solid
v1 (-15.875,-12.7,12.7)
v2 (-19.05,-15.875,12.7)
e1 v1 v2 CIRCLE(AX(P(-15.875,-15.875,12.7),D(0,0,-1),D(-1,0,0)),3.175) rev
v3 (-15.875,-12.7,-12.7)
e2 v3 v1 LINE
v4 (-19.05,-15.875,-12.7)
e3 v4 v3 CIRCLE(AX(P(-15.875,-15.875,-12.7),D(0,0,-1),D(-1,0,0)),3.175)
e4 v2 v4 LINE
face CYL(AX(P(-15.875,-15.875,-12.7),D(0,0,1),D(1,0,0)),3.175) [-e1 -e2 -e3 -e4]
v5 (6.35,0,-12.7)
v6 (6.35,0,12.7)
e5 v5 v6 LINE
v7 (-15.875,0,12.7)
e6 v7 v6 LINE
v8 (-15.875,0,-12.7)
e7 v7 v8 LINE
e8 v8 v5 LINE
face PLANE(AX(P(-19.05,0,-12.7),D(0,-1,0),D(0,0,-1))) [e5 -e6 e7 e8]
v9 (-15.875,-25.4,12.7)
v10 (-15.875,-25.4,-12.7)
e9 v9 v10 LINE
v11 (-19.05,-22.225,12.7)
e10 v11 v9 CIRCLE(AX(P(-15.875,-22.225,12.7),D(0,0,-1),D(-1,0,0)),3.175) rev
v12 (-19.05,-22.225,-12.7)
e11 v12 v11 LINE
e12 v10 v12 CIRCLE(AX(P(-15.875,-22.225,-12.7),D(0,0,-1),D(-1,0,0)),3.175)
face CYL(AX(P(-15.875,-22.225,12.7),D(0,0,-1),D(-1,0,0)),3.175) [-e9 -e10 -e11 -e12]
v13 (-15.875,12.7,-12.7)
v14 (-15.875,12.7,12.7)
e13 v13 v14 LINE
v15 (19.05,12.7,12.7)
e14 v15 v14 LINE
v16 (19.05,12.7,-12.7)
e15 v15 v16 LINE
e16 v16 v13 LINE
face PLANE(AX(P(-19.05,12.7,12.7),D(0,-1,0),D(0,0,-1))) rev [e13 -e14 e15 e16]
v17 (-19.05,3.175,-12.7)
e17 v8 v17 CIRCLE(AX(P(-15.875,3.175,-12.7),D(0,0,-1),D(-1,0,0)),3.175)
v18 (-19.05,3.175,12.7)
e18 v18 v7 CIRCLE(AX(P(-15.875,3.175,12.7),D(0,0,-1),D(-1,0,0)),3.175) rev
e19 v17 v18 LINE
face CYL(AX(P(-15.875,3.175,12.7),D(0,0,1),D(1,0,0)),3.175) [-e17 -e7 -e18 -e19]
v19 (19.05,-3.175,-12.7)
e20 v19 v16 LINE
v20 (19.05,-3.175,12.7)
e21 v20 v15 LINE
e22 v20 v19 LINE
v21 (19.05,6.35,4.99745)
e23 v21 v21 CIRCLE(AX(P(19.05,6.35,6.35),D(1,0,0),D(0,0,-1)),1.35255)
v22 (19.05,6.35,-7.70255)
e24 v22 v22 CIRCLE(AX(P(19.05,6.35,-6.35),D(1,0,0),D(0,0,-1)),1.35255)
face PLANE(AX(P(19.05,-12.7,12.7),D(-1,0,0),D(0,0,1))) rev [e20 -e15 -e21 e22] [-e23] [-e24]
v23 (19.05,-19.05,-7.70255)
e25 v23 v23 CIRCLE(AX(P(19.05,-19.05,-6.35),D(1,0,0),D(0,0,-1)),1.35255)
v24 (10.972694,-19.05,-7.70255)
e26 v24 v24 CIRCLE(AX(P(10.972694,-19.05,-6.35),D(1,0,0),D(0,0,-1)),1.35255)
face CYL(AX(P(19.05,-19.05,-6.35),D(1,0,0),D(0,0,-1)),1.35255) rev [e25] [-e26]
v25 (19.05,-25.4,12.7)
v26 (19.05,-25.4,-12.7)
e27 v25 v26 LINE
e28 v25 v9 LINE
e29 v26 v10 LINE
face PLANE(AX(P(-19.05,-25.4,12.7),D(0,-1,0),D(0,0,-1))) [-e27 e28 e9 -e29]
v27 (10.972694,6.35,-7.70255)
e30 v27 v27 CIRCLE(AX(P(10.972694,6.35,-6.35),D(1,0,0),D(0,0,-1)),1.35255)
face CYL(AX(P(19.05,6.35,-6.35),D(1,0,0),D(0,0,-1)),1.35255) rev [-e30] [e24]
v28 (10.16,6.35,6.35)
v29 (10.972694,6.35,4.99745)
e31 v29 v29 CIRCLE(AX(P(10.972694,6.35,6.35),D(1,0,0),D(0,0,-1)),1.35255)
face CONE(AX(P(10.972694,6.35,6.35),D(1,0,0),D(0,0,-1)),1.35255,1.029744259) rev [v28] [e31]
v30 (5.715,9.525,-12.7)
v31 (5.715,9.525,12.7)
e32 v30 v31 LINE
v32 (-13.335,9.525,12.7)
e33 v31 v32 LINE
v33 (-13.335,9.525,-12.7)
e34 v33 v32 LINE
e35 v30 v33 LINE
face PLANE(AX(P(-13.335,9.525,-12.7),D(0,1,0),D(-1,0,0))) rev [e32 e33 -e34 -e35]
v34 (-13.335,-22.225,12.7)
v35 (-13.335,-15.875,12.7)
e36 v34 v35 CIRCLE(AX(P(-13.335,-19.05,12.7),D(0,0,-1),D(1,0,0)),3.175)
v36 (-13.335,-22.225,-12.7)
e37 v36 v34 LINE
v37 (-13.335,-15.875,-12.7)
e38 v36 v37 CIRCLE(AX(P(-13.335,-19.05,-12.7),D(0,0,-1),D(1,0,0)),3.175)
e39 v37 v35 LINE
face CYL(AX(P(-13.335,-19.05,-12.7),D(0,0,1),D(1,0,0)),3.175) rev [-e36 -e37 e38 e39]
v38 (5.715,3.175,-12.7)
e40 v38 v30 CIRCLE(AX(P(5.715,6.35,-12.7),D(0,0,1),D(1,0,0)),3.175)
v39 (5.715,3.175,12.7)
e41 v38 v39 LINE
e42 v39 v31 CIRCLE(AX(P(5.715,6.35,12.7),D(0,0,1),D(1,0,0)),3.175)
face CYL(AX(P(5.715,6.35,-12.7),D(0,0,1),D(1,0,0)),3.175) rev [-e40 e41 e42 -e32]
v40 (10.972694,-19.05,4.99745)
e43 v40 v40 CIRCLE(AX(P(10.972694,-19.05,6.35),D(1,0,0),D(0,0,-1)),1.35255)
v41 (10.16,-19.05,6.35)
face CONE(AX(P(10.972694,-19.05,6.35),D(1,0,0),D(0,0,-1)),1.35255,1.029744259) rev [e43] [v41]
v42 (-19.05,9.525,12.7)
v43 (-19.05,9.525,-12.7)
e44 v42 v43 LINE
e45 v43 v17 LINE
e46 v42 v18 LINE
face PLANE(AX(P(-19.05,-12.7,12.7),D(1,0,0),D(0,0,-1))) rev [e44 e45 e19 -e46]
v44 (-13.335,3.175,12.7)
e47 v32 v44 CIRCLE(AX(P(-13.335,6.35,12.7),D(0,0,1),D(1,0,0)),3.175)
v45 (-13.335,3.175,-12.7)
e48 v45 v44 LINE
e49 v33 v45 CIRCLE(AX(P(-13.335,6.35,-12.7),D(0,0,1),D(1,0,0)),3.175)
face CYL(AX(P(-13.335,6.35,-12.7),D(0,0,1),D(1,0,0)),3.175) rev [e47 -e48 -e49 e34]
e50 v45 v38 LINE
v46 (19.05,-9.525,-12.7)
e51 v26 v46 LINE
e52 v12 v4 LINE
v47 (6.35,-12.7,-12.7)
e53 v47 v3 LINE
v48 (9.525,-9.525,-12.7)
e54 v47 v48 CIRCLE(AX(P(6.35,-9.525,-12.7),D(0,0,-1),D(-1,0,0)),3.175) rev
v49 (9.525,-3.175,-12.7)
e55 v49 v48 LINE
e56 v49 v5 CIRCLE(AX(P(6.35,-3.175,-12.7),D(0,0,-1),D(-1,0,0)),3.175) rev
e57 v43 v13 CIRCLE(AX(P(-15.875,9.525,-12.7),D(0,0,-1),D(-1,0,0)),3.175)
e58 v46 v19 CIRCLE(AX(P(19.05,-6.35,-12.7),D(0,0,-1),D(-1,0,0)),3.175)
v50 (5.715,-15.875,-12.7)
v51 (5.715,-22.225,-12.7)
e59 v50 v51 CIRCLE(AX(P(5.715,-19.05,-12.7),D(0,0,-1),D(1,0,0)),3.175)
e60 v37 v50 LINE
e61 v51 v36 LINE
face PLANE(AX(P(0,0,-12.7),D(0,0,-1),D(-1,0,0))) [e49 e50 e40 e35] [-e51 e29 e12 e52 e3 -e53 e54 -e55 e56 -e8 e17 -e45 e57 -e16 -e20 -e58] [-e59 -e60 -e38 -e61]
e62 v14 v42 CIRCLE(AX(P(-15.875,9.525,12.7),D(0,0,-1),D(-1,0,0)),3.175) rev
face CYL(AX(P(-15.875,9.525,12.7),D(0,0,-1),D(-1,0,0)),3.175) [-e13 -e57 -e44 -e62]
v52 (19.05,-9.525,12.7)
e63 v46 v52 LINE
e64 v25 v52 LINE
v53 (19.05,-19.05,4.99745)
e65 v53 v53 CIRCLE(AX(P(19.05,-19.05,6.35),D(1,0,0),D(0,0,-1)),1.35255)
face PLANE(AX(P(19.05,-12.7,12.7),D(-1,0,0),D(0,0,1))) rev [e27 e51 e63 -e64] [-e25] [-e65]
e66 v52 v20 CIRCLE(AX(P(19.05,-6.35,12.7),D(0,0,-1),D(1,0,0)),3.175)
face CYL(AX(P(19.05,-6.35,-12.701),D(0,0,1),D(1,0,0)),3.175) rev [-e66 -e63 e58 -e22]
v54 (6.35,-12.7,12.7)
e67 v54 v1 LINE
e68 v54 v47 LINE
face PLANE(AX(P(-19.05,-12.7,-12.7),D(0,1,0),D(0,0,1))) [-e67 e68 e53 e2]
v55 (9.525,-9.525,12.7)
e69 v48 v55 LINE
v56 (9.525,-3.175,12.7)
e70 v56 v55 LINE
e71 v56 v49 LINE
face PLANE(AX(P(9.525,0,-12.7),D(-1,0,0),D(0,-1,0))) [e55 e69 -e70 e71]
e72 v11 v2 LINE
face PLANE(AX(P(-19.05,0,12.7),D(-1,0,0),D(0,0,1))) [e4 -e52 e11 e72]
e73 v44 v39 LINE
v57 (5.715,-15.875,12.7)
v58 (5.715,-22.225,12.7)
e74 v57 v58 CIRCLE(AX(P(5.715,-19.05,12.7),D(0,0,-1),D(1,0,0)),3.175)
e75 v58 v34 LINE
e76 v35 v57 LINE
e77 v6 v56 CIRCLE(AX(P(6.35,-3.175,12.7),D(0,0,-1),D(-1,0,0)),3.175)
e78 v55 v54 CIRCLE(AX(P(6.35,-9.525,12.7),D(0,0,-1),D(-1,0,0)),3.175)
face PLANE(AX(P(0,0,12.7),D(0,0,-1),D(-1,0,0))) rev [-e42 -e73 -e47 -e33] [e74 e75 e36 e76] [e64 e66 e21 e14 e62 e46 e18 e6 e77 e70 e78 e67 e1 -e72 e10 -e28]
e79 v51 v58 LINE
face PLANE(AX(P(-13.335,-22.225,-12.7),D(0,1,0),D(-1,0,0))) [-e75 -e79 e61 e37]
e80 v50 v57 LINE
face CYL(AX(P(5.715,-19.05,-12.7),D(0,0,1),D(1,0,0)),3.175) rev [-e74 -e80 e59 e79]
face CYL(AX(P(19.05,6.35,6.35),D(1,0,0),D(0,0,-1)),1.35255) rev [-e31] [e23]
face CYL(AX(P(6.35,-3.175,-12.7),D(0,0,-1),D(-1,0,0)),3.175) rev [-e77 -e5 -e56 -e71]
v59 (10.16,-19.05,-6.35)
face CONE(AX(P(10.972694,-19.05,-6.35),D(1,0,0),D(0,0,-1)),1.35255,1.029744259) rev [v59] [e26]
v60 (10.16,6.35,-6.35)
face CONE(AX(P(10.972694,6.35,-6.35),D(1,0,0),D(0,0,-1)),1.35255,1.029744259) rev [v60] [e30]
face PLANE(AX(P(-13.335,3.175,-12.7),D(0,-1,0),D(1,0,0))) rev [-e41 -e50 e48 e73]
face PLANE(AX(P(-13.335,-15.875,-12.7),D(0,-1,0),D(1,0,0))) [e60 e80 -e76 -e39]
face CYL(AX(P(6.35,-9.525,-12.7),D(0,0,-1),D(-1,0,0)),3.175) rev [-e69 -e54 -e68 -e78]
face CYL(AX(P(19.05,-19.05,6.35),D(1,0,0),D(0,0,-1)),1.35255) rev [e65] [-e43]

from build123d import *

# Parameters (mm, degrees)
SKETCH1_W                      = 38.1
SKETCH1_H                      = 25.4
BOSS_EXTRUDE1_DEPTH            = 12.7
CUT_EXTRUDE2_REACH             = 36.196
SKETCH7_R                      = 3.175
F_6_32_TAPPED_HOLE1_AT_2_COUNT = 2
F_6_32_TAPPED_HOLE1_AT_2_PITCH = 12.7
CUT_EXTRUDE3_DEPTH             = 25.4
SKETCH14_W                     = 28.575
SKETCH14_H                     = 12.7
CUT_EXTRUDE5_DEPTH             = 25.4
FILLET2_R                      = 3.175
FILLET2_OF_MIRROR1_R           = 3.175
FILLET3_R                      = 3.175


with BuildPart() as part:
    # Sketch1 → Boss-Extrude1 (new, symmetric)
    with BuildSketch(Plane.XY):
        Rectangle(SKETCH1_W, SKETCH1_H)
    boss_extrude1 = extrude(amount=BOSS_EXTRUDE1_DEPTH, both=True)

    # Sketch7 → Cut-Extrude2 (cut, up to next)
    with BuildSketch(Plane.XY.offset(12.7), mode=Mode.PRIVATE) as cut_extrude2_sk1:
        with Locations((19.05, -6.35)):
            Circle(SKETCH7_R)
    cut_extrude2_tool1 = extrude(cut_extrude2_sk1.sketch, amount=-CUT_EXTRUDE2_REACH, mode=Mode.PRIVATE) & part.part
    cut_extrude2 = cut_extrude2_tool1.solids().sort_by_distance((19.05, -6.35, 12.7))[0]
    add(cut_extrude2, mode=Mode.SUBTRACT)

    # Sketch11 → #6-32 Tapped Hole1 (revolve, cut)
    with BuildSketch(Plane(origin=(19.05, 6.35, 6.35), x_dir=(0, 0, -1), z_dir=(0, 1, 0))):
        Polygon((0, 0), (0, 8.89), (1.35255, 8.07730597), (1.35255, 0), align=None)
    f_6_32_tapped_hole1 = revolve(axis=Axis((25.4, 6.35, 6.35), (-1, 0, 0)), mode=Mode.SUBTRACT)

    # #6-32 Tapped Hole1 at 2: #6-32 Tapped Hole1 ×2
    with Locations(*[(0, 0, -i * F_6_32_TAPPED_HOLE1_AT_2_PITCH) for i in range(1, F_6_32_TAPPED_HOLE1_AT_2_COUNT)]):
        add(f_6_32_tapped_hole1, mode=Mode.SUBTRACT)

    # Sketch12 → Cut-Extrude3 (cut)
    with BuildSketch(Plane.XY.offset(12.7)):
        with BuildLine():
            Line((-13.335, 9.525), (5.715, 9.525))
            ThreePointArc((5.715, 9.525), (8.89, 6.35), (5.715, 3.175))
            Line((5.715, 3.175), (-13.335, 3.175))
            ThreePointArc((-13.335, 3.175), (-16.51, 6.35), (-13.335, 9.525))
        make_face()
    cut_extrude3 = extrude(amount=-CUT_EXTRUDE3_DEPTH, mode=Mode.SUBTRACT)

    # Sketch14 → Cut-Extrude5 (cut)
    with BuildSketch(Plane.XY.offset(12.7)):
        with Locations((-4.7625, -6.35)):
            Rectangle(SKETCH14_W, SKETCH14_H)
    cut_extrude5 = extrude(amount=-CUT_EXTRUDE5_DEPTH, mode=Mode.SUBTRACT)

    # Fillet2
    fillet2_edges = [part.edges().sort_by_distance(p)[0] for p in [
        (-19.05, 0, 0),
        (9.525, 0, 0),
        (-19.05, 12.7, 0),
    ]]
    fillet(fillet2_edges, radius=FILLET2_R)

    # Mirror1: Boss-Extrude1, Cut-Extrude2, #6-32 Tapped Hole1, Cut-Extrude3, Cut-Extrude5 across plane
    add(boss_extrude1.mirror(Plane.ZX.offset(-6.35)))
    add(cut_extrude2.mirror(Plane.ZX.offset(-6.35)), mode=Mode.SUBTRACT)
    add(f_6_32_tapped_hole1.mirror(Plane.ZX.offset(-6.35)), mode=Mode.SUBTRACT)
    add(cut_extrude3.mirror(Plane.ZX.offset(-6.35)), mode=Mode.SUBTRACT)
    add(cut_extrude5.mirror(Plane.ZX.offset(-6.35)), mode=Mode.SUBTRACT)

    # Mirror1 copy 1 sketch → Mirror1 copy 1 (revolve, cut)
    with BuildSketch(Plane(origin=(19.05, -19.05, -6.35), x_dir=(0, 0, -1), z_dir=(0, -1, 0))):
        Polygon((0, 0), (0, -8.89), (1.35255, -8.07730597), (1.35255, 0), align=None)
    revolve(axis=Axis((25.4, -19.05, -6.35), (1, 0, 0)), mode=Mode.SUBTRACT)

    # Fillet2 of Mirror1
    fillet2_of_mirror1_edges = [part.edges().sort_by_distance(p)[0] for p in [
        (-19.05, -12.7, 0),
        (9.525, -12.7, 0),
        (-19.05, -25.4, 0),
    ]]
    fillet(fillet2_of_mirror1_edges, radius=FILLET2_OF_MIRROR1_R)

    # Fillet3
    fillet3_edges = [part.edges().sort_by_distance(p)[0] for p in [
        (9.525, 0, 0),
    ]]
    fillet(fillet3_edges, radius=FILLET3_R)


solid = part.part
